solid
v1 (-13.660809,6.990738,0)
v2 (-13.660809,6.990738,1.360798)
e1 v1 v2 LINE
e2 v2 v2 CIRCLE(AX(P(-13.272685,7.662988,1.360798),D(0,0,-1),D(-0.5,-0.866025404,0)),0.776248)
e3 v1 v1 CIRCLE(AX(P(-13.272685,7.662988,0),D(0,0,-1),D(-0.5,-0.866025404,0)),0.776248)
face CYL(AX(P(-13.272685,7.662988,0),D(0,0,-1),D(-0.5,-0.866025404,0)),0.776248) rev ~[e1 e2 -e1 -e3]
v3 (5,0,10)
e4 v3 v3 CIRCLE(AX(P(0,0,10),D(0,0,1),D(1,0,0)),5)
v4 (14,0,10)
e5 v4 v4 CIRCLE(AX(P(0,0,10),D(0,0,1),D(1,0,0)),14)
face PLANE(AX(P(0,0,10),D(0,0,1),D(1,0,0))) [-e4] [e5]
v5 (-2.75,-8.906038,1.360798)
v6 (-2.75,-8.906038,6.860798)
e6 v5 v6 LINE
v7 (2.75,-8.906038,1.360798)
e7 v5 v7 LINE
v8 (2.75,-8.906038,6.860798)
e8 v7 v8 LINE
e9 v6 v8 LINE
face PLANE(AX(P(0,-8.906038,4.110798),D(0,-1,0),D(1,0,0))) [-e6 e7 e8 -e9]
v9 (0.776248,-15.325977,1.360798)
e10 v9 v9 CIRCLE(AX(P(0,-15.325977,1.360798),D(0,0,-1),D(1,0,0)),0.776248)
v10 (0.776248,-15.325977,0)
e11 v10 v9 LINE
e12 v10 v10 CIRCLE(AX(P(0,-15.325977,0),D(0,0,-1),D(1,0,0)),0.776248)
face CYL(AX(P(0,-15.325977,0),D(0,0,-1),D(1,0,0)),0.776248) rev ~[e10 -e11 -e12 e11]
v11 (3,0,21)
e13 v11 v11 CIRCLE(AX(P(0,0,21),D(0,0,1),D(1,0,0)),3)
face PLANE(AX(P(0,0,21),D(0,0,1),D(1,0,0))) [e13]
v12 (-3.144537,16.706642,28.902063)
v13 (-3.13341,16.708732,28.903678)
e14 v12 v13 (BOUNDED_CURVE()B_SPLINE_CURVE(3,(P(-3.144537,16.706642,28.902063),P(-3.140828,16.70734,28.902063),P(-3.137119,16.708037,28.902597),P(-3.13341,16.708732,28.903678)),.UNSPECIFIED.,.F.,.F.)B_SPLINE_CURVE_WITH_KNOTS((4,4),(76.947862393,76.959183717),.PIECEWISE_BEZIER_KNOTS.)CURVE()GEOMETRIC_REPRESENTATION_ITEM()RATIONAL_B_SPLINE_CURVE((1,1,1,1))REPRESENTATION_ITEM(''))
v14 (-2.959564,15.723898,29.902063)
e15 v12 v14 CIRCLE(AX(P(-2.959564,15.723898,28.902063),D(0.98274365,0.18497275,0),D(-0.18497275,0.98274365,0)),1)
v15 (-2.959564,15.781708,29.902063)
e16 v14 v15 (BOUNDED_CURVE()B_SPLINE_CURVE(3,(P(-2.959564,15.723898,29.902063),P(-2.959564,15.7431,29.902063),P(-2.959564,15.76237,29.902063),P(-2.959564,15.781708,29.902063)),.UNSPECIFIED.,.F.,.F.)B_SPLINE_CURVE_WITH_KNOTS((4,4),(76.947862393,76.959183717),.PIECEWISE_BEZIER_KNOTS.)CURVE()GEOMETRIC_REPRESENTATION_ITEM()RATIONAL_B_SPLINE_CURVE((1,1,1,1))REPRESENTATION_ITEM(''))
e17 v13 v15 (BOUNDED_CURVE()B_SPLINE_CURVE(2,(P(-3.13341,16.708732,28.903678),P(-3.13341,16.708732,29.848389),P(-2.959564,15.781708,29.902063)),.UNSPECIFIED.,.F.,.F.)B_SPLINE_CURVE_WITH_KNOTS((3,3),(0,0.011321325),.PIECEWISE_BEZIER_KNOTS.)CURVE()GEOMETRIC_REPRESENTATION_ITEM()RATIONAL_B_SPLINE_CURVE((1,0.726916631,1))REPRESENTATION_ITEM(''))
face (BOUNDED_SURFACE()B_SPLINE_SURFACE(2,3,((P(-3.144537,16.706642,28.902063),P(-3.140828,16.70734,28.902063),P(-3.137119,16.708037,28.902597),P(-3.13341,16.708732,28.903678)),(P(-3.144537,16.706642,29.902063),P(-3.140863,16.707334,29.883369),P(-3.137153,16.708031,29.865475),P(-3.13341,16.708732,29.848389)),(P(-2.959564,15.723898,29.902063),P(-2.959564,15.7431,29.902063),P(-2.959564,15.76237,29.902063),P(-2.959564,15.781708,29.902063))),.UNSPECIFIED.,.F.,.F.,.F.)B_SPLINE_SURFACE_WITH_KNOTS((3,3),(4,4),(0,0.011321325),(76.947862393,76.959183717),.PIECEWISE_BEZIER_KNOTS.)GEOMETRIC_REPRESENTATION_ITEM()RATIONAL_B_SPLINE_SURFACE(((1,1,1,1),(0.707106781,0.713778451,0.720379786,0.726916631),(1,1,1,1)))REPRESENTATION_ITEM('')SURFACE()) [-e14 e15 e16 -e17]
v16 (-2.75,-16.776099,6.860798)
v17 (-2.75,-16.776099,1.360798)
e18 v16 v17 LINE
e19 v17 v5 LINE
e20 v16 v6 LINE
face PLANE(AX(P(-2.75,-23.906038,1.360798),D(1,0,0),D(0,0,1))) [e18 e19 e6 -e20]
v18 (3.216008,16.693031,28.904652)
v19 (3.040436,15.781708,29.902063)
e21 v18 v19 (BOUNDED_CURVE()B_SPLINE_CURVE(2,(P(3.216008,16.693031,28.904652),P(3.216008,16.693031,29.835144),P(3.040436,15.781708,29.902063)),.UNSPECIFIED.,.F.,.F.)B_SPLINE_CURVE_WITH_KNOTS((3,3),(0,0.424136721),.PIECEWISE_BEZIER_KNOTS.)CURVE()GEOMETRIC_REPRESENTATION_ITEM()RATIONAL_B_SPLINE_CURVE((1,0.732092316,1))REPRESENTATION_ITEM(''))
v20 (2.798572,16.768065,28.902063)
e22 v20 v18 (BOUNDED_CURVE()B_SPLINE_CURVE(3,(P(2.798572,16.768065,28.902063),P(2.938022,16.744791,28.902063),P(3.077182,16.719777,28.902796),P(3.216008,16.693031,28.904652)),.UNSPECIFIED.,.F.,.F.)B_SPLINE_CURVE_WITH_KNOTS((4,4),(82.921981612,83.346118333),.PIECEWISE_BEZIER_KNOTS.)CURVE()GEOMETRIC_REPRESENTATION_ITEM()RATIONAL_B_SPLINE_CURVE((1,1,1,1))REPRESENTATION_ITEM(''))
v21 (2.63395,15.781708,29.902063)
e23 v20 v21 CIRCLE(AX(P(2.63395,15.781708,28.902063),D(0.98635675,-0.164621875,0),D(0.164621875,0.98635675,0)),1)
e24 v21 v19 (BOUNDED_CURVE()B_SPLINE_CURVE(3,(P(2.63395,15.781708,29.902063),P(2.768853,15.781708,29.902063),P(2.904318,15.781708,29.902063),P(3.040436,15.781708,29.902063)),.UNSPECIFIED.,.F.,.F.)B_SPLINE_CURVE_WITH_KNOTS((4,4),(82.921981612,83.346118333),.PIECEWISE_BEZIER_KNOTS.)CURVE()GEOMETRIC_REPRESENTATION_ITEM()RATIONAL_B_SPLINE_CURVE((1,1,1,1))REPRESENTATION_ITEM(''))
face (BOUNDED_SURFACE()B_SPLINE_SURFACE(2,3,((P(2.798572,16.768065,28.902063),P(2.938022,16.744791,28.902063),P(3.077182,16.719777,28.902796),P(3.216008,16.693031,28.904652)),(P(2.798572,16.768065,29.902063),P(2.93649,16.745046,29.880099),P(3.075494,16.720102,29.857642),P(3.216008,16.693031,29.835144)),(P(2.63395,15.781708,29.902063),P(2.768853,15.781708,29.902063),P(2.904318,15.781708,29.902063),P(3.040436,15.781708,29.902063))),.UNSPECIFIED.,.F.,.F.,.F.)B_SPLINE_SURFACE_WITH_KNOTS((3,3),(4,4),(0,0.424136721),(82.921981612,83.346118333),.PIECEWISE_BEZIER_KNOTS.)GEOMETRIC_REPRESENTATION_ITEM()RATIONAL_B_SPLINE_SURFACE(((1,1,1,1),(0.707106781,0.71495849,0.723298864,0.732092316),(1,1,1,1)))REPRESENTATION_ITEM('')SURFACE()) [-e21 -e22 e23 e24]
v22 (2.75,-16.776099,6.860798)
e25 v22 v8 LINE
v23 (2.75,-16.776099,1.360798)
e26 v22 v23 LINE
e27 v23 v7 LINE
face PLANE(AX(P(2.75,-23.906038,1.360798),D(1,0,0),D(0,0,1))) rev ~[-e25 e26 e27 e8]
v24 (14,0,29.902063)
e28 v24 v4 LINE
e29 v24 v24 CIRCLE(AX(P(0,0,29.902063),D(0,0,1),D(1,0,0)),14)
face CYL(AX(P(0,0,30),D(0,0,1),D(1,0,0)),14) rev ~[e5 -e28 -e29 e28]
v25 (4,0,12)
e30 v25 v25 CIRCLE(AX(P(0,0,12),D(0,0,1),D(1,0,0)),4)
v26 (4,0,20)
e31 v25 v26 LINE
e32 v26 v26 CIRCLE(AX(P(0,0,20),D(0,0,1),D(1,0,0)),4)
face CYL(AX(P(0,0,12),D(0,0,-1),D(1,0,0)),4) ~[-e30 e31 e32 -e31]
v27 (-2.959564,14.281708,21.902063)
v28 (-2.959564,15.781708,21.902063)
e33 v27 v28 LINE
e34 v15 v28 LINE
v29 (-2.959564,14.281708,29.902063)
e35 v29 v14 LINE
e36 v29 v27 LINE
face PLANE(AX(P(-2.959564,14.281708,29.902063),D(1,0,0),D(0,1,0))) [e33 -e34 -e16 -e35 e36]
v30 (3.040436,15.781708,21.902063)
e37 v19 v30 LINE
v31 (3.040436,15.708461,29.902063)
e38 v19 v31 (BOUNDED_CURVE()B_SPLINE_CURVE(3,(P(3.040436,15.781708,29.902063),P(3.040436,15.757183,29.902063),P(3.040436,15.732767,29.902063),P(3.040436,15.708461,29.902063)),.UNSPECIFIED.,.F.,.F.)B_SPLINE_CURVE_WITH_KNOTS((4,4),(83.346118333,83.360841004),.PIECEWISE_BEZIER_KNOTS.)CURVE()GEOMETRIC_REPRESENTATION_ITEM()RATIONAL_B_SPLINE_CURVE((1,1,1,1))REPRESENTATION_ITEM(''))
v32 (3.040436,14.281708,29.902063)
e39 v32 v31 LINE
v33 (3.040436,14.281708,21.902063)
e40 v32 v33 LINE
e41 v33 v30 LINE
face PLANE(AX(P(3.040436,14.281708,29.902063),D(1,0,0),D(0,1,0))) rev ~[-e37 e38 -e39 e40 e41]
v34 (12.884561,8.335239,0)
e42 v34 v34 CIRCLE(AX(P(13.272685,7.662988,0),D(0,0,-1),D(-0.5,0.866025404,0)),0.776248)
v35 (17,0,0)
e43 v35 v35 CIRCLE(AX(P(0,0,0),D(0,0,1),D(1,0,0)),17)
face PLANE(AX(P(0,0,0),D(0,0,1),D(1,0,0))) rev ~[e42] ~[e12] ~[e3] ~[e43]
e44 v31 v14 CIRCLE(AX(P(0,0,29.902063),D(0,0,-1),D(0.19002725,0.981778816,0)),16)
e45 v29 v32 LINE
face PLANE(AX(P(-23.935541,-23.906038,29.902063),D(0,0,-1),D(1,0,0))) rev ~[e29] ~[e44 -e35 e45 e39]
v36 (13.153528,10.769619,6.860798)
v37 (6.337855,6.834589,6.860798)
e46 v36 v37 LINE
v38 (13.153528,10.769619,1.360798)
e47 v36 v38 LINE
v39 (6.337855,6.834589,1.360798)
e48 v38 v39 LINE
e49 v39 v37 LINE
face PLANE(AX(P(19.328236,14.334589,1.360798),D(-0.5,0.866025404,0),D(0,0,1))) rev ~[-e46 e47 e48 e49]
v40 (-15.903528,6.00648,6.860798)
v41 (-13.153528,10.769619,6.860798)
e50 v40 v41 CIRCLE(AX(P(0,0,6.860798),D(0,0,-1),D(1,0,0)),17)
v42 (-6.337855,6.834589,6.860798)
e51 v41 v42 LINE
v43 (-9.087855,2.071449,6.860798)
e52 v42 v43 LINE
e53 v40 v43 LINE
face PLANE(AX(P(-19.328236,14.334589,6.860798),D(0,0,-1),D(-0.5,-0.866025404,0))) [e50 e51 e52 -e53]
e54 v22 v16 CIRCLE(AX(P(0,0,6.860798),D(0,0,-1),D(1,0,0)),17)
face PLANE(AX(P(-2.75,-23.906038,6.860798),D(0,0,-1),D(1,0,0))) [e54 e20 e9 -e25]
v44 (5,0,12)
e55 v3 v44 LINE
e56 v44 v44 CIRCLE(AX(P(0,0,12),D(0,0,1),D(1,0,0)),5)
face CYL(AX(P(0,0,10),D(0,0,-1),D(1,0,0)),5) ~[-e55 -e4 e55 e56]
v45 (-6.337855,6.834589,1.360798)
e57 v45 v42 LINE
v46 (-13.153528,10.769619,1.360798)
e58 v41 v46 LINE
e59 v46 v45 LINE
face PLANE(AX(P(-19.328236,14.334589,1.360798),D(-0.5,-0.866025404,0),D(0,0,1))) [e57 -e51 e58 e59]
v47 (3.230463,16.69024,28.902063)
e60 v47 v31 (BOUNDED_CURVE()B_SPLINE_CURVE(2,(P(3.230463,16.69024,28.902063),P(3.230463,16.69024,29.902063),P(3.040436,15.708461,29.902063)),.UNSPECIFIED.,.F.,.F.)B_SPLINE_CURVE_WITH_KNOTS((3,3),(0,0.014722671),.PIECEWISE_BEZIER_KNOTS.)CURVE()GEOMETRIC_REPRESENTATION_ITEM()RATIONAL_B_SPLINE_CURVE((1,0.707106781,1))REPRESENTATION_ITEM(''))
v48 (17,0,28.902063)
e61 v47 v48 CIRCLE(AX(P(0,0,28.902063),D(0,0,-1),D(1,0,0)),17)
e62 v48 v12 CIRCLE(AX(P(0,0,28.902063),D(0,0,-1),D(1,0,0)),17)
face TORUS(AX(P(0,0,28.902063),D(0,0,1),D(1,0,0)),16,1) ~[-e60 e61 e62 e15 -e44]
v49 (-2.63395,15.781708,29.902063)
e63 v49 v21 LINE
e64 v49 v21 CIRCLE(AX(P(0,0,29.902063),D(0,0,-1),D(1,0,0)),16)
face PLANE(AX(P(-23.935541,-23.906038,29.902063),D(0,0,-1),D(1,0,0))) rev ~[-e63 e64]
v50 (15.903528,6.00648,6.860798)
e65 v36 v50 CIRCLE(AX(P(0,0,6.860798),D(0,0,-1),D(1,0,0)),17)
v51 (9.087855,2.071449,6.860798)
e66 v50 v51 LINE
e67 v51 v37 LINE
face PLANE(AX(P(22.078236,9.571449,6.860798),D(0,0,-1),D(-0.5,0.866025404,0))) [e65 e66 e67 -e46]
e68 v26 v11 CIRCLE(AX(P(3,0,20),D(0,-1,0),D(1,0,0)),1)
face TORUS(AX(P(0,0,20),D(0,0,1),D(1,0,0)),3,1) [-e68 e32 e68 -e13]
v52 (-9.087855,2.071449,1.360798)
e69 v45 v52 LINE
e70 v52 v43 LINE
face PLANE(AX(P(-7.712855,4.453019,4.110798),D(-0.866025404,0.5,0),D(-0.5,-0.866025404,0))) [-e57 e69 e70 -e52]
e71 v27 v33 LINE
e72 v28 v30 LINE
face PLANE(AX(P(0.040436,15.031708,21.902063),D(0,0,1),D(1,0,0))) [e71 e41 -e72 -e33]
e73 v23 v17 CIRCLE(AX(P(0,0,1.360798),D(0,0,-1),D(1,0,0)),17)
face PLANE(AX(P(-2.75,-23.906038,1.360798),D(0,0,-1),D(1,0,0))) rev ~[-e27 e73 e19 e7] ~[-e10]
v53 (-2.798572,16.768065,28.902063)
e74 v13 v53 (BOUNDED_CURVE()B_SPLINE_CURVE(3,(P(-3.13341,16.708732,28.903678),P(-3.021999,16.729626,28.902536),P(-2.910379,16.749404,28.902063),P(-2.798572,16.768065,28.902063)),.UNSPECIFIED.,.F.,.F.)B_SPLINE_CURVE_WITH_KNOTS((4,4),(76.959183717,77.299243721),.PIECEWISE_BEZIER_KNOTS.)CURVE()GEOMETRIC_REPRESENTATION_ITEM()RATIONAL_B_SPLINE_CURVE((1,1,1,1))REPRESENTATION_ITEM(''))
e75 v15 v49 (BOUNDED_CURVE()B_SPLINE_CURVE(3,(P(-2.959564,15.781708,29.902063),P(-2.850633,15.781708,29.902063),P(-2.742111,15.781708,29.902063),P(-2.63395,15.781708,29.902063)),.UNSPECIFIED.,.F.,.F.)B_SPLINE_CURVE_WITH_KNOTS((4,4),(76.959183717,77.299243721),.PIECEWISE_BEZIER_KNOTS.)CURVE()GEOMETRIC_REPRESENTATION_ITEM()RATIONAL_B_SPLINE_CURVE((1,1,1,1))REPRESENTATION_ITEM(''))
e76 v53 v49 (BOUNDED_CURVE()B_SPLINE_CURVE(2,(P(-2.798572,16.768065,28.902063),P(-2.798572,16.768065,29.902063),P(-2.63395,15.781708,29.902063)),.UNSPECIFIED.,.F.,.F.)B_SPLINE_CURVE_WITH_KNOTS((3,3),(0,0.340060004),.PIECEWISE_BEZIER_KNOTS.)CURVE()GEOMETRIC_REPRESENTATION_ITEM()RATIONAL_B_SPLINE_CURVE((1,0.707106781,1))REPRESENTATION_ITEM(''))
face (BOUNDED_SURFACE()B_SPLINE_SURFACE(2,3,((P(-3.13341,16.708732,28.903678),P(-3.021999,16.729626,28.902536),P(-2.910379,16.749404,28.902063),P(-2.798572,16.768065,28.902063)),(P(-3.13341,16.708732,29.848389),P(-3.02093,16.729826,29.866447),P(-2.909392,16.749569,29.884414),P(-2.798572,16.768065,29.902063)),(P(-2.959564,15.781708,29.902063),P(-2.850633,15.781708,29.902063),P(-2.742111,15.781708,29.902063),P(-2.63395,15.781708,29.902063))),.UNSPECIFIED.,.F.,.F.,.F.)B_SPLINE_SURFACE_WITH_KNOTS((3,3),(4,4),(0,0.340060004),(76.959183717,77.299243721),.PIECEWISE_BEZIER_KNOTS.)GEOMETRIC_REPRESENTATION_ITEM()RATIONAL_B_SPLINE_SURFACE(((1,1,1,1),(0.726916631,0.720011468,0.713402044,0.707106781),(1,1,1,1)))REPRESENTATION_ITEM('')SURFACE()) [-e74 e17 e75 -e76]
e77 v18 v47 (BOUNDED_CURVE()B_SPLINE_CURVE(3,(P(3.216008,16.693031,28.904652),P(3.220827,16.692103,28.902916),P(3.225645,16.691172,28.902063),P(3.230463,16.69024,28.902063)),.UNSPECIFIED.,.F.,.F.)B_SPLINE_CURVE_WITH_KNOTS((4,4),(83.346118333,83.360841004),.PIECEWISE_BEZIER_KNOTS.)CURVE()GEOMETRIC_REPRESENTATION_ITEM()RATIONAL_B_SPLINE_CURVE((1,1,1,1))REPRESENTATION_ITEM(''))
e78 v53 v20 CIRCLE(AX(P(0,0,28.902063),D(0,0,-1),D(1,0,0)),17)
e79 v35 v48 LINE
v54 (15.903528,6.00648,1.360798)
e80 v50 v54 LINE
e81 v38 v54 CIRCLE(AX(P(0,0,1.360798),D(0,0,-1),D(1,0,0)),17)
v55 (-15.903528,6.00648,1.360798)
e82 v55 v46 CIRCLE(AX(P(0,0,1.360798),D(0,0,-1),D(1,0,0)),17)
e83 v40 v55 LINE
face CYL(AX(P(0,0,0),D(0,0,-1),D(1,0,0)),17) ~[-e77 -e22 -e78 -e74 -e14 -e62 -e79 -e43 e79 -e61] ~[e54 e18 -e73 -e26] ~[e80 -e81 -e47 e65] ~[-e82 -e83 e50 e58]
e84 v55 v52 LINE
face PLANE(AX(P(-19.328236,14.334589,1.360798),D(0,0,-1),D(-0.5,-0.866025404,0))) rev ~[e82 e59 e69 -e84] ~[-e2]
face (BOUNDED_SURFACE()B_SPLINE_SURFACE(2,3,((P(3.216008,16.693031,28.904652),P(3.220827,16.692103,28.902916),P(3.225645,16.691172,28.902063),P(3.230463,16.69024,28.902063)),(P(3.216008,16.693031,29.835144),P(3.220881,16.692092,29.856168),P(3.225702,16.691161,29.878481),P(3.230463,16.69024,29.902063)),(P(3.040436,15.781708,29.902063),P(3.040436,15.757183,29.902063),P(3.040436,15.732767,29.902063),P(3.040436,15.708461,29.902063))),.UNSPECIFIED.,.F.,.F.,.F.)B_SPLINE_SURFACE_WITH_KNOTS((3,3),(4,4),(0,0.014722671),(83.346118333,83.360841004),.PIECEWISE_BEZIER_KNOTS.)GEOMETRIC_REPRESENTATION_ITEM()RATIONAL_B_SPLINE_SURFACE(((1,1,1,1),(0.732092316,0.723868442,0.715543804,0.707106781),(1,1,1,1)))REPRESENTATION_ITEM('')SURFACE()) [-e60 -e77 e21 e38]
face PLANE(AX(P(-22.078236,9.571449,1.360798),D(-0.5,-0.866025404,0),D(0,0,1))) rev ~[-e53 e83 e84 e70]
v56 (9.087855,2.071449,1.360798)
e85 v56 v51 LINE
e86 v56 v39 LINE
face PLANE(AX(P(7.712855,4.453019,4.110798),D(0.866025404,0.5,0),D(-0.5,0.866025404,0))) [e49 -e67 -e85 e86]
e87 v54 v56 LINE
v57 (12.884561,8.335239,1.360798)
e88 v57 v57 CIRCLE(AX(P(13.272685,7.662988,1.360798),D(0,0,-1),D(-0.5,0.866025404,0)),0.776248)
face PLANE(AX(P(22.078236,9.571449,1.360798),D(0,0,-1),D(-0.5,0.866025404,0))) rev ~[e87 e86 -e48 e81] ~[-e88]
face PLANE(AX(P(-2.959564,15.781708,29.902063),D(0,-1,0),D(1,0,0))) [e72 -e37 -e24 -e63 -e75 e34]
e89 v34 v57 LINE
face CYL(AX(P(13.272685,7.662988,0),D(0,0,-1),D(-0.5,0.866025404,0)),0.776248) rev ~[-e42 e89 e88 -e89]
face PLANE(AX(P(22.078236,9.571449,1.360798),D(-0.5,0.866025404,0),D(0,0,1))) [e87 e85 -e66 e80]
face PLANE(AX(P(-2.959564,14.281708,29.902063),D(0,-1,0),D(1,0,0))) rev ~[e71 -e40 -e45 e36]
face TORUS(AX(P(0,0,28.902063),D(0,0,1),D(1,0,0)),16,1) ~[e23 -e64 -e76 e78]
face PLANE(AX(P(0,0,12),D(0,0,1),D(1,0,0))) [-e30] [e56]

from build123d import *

# Parameters (mm, degrees)
SKETCH_R              = 17
PAD_DEPTH             = 30
SKETCH001_R           = 14
POCKET_DEPTH          = 20
SKETCH002_R           = 5
PAD001_DEPTH          = 2
SKETCH003_R           = 4
PAD002_DEPTH          = 9
FILLET_R              = 1
SKETCH004_W           = 47.033489
SKETCH004_H           = 47.446069
PAD003_DEPTH          = 10
SKETCH005_W           = 5.5
SKETCH005_H           = 5.5
POCKET001_DEPTH       = 15
POLARPATTERN_COUNT    = 3
SKETCH006_W           = 48.40057
SKETCH006_H           = 10.44081
POCKET002_DEPTH       = 47.447069
SKETCH007_W           = 6
SKETCH007_H           = 1.5
POCKET003_DEPTH       = 8
SKETCH008_R           = 0.776248
POCKET004_DEPTH       = 5
POLARPATTERN001_COUNT = 3
FILLET001_R           = 1


with BuildPart() as part:
    # Sketch → Pad (new body)
    with BuildSketch(Plane.XY):
        Circle(SKETCH_R)
    extrude(amount=PAD_DEPTH)

    # Sketch001 (on Face3 of Pad) → Pocket (cut)
    with BuildSketch(Plane.XY.offset(30)):
        Circle(SKETCH001_R)
    extrude(amount=-POCKET_DEPTH, mode=Mode.SUBTRACT)

    # Sketch002 (on Face5 of Pocket) → Pad001 (join)
    with BuildSketch(Plane.XY.offset(10)):
        Circle(SKETCH002_R)
    extrude(amount=PAD001_DEPTH)

    # Sketch003 (on Face7 of Pad001) → Pad002 (join)
    with BuildSketch(Plane.XY.offset(12)):
        Circle(SKETCH003_R)
    extrude(amount=PAD002_DEPTH)

    # Fillet
    fillet_edges = [part.edges().sort_by_distance(p)[0] for p in [
        (-4, 0, 21),
    ]]
    fillet(fillet_edges, radius=FILLET_R)

    # Sketch004 (on Face8 of Fillet) → Pad003 (join)
    with BuildSketch(Plane.XY.offset(30)):
        with Locations((0.145404, -0.183003)):
            Rectangle(SKETCH004_W, SKETCH004_H)
    extrude(amount=PAD003_DEPTH)

    # Sketch005 (on Face6 of Pad003) → Pocket001 (cut)
    with BuildSketch(Plane.XZ.offset(23.906038)):
        with Locations((0, 4.110798)):
            Rectangle(SKETCH005_W, SKETCH005_H)
    pocket001 = extrude(amount=-POCKET001_DEPTH, mode=Mode.SUBTRACT)

    # PolarPattern: Pocket001 ×3 about axis
    polarpattern_axis = Axis((0, 0, 0), (0, 0, 1))
    for i in range(1, POLARPATTERN_COUNT):
        add(pocket001.rotate(polarpattern_axis, i * 360 / POLARPATTERN_COUNT), mode=Mode.SUBTRACT)

    # Sketch006 (on Face6 of PolarPattern) → Pocket002 (cut, through all)
    with BuildSketch(Plane.XZ.offset(23.906038)):
        with Locations((0.264744, 35.122468)):
            Rectangle(SKETCH006_W, SKETCH006_H)
    extrude(amount=-POCKET002_DEPTH, mode=Mode.SUBTRACT)

    # Sketch007 (on Face2 of Pocket002) → Pocket003 (cut)
    with BuildSketch(Plane.XY.offset(29.902063)):
        with Locations((0.040436, 15.031708)):
            Rectangle(SKETCH007_W, SKETCH007_H)
    extrude(amount=-POCKET003_DEPTH, mode=Mode.SUBTRACT)

    # Sketch008 (on Face3 of Pocket003) → Pocket004 (cut)
    with BuildSketch(Plane(origin=(0, 0, 0), x_dir=(1, 0, 0), z_dir=(0, 0, -1))):
        with Locations((0, 15.325977)):
            Circle(SKETCH008_R)
    pocket004 = extrude(amount=-POCKET004_DEPTH, mode=Mode.SUBTRACT)

    # PolarPattern001: Pocket004 ×3 about axis
    polarpattern001_axis = Axis((0, 0, 0), (0, 0, -1))
    for i in range(1, POLARPATTERN001_COUNT):
        add(pocket004.rotate(polarpattern001_axis, i * 360 / POLARPATTERN001_COUNT), mode=Mode.SUBTRACT)

    # Fillet001
    fillet001_edges = [part.edges().sort_by_distance(p)[0] for p in [
        (-17, 0, 29.902063),
    ]]
    fillet(fillet001_edges, radius=FILLET001_R)


solid = part.part
